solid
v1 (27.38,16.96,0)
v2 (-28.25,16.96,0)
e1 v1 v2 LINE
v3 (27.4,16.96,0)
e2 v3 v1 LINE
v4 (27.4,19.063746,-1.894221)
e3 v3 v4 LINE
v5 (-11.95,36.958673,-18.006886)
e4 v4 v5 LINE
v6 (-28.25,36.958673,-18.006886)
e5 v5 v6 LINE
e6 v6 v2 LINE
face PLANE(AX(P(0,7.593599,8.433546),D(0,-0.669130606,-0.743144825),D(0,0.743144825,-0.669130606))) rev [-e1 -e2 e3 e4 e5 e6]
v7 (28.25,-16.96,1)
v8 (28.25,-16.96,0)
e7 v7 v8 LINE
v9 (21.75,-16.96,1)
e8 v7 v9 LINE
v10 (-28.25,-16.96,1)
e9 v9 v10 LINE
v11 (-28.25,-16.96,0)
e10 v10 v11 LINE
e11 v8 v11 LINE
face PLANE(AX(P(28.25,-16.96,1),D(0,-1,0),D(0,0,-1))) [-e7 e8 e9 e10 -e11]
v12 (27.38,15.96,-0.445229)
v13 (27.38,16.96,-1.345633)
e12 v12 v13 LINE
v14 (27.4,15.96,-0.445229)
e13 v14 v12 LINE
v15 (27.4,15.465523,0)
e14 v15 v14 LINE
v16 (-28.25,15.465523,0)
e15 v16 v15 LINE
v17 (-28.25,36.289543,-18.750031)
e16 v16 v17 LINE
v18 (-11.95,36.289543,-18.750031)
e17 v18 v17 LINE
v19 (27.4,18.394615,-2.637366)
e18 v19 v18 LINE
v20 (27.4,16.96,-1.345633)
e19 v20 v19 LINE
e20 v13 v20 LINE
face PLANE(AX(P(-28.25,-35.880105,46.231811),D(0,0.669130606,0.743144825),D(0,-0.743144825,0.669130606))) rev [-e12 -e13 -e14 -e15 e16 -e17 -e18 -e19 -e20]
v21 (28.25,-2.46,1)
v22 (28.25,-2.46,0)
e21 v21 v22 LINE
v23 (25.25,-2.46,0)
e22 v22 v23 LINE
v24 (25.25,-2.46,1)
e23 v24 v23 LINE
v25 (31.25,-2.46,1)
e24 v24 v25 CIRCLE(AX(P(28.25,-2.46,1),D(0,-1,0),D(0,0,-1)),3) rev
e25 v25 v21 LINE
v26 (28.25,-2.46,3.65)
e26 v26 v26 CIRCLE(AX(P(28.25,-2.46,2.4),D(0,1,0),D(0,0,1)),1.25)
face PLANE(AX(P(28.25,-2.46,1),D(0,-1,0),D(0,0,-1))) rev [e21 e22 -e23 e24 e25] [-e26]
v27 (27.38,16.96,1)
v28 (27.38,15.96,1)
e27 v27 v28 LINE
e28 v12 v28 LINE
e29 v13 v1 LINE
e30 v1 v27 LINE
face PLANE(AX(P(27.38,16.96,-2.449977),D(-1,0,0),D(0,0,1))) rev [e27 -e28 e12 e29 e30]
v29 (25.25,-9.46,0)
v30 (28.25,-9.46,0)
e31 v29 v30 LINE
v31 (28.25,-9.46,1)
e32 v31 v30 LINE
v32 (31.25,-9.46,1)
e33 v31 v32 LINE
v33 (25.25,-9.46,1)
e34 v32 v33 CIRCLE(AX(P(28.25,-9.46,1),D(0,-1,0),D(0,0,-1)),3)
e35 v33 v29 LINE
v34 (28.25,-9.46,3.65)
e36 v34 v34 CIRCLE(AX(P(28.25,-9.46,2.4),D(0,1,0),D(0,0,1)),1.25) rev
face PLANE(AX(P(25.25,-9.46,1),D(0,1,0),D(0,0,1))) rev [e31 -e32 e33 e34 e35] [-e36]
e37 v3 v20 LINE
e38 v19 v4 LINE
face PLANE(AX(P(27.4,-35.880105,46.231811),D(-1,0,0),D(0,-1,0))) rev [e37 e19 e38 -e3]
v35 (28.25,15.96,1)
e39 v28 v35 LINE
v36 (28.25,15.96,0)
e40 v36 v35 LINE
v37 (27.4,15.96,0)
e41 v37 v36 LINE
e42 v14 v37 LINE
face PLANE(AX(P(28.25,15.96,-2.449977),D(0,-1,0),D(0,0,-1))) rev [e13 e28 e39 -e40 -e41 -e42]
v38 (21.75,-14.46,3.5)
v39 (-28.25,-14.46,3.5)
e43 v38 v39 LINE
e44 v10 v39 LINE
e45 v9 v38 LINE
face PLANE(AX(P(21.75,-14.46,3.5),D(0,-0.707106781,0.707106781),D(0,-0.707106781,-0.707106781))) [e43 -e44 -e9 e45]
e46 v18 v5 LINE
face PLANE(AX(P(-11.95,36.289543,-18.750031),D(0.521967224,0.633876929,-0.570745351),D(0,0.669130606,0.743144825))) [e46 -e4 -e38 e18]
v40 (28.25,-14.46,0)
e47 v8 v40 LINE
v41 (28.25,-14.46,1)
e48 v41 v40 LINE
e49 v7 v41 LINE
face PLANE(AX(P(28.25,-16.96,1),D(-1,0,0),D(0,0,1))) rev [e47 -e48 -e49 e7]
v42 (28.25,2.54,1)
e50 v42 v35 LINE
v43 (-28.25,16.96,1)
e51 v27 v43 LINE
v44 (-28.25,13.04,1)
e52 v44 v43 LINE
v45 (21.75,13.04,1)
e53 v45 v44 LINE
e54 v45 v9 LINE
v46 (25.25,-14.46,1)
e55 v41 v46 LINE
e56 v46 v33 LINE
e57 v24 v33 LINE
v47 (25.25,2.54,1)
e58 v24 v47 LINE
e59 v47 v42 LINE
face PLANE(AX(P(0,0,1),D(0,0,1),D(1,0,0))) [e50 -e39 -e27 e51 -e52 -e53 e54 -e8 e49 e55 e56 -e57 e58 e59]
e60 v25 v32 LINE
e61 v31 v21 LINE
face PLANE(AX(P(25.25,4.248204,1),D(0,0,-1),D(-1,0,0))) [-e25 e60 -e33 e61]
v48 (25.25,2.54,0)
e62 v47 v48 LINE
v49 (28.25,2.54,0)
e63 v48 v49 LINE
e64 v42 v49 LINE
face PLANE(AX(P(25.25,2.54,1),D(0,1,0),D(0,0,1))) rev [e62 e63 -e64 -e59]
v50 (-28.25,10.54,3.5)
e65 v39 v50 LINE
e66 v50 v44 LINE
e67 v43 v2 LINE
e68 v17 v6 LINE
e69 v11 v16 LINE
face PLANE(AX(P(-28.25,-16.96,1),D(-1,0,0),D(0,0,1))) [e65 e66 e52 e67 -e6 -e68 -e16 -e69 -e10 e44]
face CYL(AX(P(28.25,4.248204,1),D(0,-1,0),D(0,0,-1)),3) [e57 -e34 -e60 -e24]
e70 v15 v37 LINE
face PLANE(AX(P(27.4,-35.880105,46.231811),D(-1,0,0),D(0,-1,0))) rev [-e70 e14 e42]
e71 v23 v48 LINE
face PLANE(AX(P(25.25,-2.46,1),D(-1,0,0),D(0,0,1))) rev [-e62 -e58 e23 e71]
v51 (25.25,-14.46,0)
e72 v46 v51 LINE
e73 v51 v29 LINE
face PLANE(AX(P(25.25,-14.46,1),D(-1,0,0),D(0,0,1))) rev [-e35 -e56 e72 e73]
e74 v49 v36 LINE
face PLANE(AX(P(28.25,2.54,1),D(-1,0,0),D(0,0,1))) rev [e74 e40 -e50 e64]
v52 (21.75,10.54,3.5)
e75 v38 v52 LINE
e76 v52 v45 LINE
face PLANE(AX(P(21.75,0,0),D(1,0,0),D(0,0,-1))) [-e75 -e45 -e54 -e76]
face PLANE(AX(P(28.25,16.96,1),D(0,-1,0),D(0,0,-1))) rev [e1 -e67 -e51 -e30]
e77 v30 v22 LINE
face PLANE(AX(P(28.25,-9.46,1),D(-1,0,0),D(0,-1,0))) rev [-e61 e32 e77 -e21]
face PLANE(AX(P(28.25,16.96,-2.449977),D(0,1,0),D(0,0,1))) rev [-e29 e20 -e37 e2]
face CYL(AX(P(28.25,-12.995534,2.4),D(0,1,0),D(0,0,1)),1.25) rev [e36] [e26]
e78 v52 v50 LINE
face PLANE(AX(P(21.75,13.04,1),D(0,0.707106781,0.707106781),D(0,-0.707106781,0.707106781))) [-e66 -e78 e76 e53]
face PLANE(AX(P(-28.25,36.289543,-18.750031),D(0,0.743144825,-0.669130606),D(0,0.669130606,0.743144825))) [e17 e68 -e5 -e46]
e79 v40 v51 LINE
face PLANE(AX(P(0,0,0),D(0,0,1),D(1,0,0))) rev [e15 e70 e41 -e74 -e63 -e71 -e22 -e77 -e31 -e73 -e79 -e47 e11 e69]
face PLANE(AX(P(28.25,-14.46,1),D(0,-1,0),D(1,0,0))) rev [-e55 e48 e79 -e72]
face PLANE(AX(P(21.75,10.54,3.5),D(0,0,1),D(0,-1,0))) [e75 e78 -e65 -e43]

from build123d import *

# Parameters (mm, degrees)
BOSS_EXTRUDE1_DEPTH = 1
BOSS_EXTRUDE2_DEPTH = 7
SKETCH3_R           = 1.25
CUT_EXTRUDE1_DEPTH  = 7
BOSS_EXTRUDE3_DEPTH = 50
BOSS_EXTRUDE4_DEPTH = 1
SKETCH6_W           = 55.65
SKETCH6_H           = 1
BOSS_EXTRUDE5_DEPTH = 0.441482
CUT_EXTRUDE2_REACH  = 21.75
SKETCH7_W           = 0.87
SKETCH7_H           = 1


with BuildPart() as part:
    # Sketch1 → Boss-Extrude1 (new body)
    with BuildSketch(Plane.XY):
        Polygon((-28.25, -16.96), (-28.25, 16.96), (28.25, 16.96), (28.25, 2.54), (25.25, 2.54), (25.25, -2.46), (28.25, -2.46), (28.25, -9.46), (25.25, -9.46), (25.25, -14.46), (28.25, -14.46), (28.25, -16.96), align=None)
    extrude(amount=BOSS_EXTRUDE1_DEPTH)

    # Sketch2 → Boss-Extrude2 (add)
    with BuildSketch(Plane.XZ.offset(9.46)):
        with BuildLine():
            Line((28.25, 1), (31.25, 1))
            ThreePointArc((31.25, 1), (28.25, 4), (25.25, 1))
            Line((25.25, 1), (28.25, 1))
        make_face()
    extrude(amount=-BOSS_EXTRUDE2_DEPTH)

    # Sketch3 → Cut-Extrude1 (cut)
    with BuildSketch(Plane(origin=(0, -2.46, 0), x_dir=(1, 0, 0), z_dir=(0, 1, 0))):
        with Locations((28.25, -2.4)):
            Circle(SKETCH3_R)
    extrude(amount=-CUT_EXTRUDE1_DEPTH, mode=Mode.SUBTRACT)

    # Sketch4 → Boss-Extrude3 (add)
    with BuildSketch(Plane.ZY.offset(28.25)):
        Polygon((1, 13.04), (3.5, 10.54), (3.5, -14.46), (1, -16.96), align=None)
    extrude(amount=-BOSS_EXTRUDE3_DEPTH)



with BuildPart() as body_2:
    # Sketch5 → Boss-Extrude4 (new body)
    with BuildSketch(Plane(origin=(0, 7.593598631, 8.433545673), x_dir=(-1, 0, 0), z_dir=(0, 0.669130606, 0.743144825))):
        Polygon((28.25, -11.934605634), (28.25, -39.514605634), (11.95, -39.514605634), (-27.4, -15.434605634), (-27.4, -11.934605634), align=None)
    extrude(amount=-BOSS_EXTRUDE4_DEPTH)


with BuildPart() as part_1:
    add(part.part)

    add(body_2.part)  # Boss-Extrude5 merges body 2
    # Sketch6 → Boss-Extrude5 (add)
    with BuildSketch(Plane(origin=(0, 8.869140421, -7.985809904), x_dir=(1, 0, 0), z_dir=(0, -0.743144825, 0.669130606))):
        with Locations((-0.425, 10.848455084)):
            Rectangle(SKETCH6_W, SKETCH6_H)
    extrude(amount=BOSS_EXTRUDE5_DEPTH)

    # Cut-Extrude2: up to this face of the body (flat: up to its plane)
    cut_extrude2_end = Plane(part_1.part.faces().sort_by_distance((-6.843835743, 23.936811471, -7.627581995))[0])
    # Sketch7 → Cut-Extrude2 (cut, up to the picked face)
    with BuildSketch(Plane.XY.offset(1), mode=Mode.PRIVATE) as cut_extrude2_sk1:
        with Locations((27.815, 16.46)):
            Rectangle(SKETCH7_W, SKETCH7_H)
    cut_extrude2_tool1 = split(extrude(cut_extrude2_sk1.sketch, amount=-CUT_EXTRUDE2_REACH, mode=Mode.PRIVATE), bisect_by=cut_extrude2_end, keep=Keep.BOTH, mode=Mode.PRIVATE)
    add(cut_extrude2_tool1.solids().sort_by_distance((27.815, 16.46, 1))[0], mode=Mode.SUBTRACT)


solid = part_1.part
